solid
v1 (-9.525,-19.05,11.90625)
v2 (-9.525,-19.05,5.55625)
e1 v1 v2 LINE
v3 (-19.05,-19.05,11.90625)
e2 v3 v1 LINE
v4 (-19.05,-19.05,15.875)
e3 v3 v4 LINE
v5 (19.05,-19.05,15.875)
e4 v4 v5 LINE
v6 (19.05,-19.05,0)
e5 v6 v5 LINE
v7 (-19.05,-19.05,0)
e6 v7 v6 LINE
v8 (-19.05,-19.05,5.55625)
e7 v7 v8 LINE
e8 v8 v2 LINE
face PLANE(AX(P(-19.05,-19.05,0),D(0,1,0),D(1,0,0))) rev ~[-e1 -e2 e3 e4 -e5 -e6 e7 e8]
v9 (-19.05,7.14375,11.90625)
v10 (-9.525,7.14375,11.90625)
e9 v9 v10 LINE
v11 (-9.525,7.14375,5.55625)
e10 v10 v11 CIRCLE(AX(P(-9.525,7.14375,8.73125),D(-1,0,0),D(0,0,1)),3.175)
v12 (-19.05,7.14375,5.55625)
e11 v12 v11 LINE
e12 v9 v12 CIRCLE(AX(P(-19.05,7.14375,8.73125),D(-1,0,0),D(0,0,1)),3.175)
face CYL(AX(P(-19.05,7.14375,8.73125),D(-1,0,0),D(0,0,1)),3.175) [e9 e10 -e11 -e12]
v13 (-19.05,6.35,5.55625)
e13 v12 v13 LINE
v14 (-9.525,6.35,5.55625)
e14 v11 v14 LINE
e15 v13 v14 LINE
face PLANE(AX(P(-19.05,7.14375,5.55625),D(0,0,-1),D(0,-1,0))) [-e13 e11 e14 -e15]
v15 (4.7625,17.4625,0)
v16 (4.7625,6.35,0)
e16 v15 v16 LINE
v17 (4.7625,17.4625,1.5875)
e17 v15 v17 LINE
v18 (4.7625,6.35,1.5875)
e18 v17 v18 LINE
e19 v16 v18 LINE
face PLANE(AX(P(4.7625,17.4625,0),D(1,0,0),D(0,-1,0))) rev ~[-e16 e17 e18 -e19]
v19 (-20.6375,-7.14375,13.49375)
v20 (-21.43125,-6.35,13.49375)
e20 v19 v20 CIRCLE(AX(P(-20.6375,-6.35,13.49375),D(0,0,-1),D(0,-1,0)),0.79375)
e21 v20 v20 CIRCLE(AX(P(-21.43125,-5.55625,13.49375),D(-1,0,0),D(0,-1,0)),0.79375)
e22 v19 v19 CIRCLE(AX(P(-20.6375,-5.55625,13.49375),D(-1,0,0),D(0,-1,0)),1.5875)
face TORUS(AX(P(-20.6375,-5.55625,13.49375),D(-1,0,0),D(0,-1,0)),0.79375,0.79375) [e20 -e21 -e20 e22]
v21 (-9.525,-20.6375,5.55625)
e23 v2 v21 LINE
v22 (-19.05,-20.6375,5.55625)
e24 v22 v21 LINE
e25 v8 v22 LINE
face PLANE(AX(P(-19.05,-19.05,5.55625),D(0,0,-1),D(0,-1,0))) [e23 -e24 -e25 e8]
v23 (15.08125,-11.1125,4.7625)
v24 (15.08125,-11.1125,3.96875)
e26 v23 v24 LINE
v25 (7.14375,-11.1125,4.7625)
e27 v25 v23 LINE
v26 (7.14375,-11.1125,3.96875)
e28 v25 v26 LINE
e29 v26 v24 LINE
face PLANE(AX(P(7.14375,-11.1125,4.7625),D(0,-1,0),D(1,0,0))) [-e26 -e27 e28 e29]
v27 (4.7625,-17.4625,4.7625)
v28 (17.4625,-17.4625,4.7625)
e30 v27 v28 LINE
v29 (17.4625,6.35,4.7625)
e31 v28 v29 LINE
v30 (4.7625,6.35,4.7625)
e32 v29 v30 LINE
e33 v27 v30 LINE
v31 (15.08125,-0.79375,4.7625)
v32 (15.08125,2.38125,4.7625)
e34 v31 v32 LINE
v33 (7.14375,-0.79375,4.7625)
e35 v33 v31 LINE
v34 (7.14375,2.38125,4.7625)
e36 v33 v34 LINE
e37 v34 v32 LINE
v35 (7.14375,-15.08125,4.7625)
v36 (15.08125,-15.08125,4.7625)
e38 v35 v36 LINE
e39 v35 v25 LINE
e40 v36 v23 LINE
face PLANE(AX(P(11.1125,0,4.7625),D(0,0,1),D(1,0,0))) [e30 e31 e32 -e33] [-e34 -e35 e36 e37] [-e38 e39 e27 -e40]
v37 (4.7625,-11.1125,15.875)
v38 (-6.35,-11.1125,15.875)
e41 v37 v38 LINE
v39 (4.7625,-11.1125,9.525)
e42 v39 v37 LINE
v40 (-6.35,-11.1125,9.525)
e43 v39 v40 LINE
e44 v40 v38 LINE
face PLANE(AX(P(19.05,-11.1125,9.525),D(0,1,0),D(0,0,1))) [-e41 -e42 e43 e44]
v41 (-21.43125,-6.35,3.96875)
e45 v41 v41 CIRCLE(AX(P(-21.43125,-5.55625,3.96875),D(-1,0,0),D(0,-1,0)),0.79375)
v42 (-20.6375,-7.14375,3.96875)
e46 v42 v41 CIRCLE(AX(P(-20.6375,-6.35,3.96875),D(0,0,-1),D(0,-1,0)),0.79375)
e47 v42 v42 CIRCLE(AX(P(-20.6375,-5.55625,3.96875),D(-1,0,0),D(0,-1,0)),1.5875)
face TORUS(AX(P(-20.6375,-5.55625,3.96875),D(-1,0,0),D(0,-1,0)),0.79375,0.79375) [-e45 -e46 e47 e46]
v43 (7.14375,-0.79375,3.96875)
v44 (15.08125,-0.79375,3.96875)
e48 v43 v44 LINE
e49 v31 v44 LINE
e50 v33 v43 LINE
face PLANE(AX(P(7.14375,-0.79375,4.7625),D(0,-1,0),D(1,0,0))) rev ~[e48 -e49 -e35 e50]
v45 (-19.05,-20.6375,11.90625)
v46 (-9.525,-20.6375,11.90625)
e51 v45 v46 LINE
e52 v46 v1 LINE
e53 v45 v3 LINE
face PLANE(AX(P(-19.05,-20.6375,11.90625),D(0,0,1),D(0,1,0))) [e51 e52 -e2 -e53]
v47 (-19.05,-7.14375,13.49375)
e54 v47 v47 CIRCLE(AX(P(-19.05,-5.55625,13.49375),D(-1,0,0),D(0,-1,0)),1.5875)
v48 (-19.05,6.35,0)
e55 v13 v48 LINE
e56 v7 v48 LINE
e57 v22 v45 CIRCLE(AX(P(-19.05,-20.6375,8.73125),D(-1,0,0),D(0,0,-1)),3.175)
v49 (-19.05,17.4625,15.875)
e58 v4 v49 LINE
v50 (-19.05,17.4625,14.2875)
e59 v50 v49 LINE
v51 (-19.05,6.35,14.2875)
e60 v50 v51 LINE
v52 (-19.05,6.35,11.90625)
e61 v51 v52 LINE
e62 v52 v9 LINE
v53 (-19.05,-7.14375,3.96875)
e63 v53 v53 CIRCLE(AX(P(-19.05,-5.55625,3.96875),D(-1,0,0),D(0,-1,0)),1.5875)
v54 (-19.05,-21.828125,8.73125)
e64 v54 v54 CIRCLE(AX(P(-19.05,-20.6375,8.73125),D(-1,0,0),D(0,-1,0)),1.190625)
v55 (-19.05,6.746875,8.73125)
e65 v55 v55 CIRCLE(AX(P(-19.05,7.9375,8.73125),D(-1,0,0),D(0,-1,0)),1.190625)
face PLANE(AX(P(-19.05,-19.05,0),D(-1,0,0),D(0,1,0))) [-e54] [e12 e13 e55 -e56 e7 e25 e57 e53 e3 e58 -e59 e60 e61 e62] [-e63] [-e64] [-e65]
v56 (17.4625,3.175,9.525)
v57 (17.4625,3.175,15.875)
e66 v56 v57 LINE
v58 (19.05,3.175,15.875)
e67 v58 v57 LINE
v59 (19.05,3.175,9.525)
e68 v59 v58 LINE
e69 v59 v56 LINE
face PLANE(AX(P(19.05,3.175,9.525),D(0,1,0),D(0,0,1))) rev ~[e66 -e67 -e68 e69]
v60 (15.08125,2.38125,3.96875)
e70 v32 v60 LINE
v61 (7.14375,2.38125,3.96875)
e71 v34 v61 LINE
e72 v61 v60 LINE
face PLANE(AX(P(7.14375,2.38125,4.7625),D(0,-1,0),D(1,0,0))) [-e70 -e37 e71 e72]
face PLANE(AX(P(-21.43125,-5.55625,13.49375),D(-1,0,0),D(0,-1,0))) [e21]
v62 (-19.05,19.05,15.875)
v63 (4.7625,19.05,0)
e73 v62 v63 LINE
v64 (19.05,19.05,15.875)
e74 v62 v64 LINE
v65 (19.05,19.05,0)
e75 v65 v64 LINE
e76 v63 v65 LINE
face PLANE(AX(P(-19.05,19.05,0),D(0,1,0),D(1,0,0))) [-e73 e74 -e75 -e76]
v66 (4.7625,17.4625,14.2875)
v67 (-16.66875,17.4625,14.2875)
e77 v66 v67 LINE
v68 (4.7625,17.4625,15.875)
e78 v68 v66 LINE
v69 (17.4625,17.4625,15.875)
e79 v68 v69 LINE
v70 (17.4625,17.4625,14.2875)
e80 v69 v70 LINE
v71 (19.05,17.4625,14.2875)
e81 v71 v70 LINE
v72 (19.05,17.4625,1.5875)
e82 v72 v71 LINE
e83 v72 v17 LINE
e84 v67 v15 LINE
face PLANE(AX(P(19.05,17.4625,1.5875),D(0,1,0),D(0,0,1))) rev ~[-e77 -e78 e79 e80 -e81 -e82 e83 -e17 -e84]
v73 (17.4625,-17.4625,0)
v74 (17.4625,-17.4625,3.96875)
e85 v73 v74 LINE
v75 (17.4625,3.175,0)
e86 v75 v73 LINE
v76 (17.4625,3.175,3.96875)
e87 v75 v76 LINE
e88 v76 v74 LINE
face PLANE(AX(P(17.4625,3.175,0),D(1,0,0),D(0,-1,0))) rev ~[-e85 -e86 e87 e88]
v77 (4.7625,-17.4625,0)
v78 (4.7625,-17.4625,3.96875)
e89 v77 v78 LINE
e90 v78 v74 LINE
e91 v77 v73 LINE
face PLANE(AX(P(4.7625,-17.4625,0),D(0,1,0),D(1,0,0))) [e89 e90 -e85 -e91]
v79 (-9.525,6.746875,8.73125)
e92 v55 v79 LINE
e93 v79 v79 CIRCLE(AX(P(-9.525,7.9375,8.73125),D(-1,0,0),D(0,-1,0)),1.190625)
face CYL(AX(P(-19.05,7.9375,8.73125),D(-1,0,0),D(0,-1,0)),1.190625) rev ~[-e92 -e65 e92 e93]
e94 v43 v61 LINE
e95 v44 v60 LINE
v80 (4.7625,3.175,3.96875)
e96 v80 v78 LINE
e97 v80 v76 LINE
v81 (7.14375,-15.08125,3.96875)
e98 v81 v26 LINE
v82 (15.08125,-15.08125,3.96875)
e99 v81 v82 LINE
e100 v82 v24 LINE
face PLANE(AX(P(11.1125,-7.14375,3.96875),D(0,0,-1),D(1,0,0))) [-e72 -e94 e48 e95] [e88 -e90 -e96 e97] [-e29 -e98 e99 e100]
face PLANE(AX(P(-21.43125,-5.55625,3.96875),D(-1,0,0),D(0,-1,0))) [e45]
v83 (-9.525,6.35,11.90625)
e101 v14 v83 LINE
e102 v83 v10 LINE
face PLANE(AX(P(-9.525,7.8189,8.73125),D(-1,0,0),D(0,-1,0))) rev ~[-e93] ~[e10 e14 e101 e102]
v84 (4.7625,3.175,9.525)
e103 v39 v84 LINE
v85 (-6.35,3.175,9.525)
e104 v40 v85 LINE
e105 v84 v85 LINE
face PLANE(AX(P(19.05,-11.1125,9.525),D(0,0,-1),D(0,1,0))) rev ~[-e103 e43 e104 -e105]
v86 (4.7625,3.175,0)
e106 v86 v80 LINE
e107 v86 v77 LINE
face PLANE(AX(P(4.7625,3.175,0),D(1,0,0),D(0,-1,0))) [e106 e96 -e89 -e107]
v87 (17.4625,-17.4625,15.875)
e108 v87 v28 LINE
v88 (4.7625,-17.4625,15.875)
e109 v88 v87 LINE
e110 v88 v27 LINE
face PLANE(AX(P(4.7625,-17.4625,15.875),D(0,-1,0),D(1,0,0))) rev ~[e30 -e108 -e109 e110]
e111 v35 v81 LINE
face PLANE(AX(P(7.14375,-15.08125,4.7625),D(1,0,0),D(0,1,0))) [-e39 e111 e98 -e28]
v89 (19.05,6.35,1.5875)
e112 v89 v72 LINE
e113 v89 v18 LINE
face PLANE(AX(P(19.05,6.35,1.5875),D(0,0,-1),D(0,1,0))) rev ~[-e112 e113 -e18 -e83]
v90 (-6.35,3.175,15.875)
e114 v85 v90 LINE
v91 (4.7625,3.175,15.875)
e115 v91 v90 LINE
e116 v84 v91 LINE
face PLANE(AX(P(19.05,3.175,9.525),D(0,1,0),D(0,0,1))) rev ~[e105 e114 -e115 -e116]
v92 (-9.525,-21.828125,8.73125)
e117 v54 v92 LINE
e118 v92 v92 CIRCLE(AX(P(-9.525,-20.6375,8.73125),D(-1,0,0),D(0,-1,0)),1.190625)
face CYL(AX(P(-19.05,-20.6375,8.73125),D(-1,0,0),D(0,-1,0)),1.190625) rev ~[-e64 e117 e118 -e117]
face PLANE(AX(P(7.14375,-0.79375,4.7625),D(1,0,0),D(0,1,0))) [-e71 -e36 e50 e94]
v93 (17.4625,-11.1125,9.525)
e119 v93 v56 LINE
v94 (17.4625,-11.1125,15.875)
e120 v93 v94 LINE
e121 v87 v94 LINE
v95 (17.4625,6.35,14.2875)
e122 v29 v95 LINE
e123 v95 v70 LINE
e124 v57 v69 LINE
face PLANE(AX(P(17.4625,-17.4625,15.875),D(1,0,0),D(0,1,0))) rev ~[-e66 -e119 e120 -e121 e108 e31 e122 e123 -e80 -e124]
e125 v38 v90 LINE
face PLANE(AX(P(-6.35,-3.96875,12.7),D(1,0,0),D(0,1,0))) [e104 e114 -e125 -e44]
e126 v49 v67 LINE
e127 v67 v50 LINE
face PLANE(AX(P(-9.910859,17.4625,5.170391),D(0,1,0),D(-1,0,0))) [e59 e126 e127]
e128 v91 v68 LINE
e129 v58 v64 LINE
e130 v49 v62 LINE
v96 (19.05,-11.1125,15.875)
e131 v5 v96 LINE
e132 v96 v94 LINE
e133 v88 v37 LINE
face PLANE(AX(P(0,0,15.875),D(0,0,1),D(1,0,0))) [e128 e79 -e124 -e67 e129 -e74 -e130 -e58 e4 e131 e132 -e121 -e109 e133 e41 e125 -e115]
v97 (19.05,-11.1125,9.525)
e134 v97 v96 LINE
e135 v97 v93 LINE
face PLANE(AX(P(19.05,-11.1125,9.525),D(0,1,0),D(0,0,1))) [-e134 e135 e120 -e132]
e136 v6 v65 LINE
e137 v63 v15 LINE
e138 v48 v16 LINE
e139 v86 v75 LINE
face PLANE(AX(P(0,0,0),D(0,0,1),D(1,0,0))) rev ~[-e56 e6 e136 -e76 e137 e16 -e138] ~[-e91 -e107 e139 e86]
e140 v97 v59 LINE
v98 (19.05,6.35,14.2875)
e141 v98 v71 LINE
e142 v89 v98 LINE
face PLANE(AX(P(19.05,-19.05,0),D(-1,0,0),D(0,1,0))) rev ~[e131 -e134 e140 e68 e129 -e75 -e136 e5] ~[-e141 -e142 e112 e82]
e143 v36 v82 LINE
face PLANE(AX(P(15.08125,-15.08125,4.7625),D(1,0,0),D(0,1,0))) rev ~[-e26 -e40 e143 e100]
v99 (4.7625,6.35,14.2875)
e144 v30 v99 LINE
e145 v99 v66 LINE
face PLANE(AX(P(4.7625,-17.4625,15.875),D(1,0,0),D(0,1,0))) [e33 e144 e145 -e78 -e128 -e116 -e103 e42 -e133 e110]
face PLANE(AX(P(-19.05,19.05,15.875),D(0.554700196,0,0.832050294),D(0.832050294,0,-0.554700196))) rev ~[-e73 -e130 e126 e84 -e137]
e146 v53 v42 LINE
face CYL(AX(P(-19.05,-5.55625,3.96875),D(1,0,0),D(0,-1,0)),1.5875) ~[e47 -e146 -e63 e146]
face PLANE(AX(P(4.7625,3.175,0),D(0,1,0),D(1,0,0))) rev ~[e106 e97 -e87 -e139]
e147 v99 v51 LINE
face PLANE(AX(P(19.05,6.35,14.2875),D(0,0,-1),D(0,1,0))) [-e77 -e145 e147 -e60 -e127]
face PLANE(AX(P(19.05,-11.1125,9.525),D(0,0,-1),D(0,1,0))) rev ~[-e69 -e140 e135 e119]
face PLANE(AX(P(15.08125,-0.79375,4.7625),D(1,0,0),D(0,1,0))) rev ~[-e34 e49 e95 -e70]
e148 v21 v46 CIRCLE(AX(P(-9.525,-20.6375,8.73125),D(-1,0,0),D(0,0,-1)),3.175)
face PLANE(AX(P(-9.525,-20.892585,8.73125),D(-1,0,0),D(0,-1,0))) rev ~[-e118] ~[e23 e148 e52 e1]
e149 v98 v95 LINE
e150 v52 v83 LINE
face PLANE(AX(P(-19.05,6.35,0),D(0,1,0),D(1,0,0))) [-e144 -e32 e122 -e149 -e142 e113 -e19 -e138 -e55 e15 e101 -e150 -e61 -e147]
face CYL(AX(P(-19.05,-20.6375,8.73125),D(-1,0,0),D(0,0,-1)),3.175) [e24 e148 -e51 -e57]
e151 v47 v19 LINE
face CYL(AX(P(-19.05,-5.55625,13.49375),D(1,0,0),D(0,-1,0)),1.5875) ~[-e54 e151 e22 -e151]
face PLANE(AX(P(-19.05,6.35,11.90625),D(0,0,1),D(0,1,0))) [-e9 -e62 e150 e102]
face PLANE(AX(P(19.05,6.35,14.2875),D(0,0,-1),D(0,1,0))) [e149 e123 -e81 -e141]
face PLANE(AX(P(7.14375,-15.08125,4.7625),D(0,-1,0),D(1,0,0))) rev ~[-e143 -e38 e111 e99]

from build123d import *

# Parameters (mm, degrees)
F0_W      = 38.1
F0_H      = 38.1
F1_DEPTH  = 15.875
F2_W      = 12.7
F2_H      = 34.925
F3_DEPTH  = 11.1125
F4_W      = 11.1125
F4_H      = 12.7
F5_DEPTH  = 38.101
F6_W      = 23.8125
F6_H      = 11.1125
F7_DEPTH  = 1.5875
F8_W      = 7.9375
F8_H      = 3.175
F8_H_2    = 3.96875
F9_DEPTH  = 4.7625
F11_DEPTH = 1.5875
F12_R     = 1.190625
F13_DEPTH = 9.525
F14_R     = 1.190625
F15_DEPTH = 9.525
F16_W     = 12.7
F16_H     = 20.6375
F17_DEPTH = 3.96875
F18_W     = 14.2875
F18_H     = 6.35
F19_DEPTH = 25.4
F20_R     = 1.5875
F21_DEPTH = 2.38125
F22_R     = 0.79375


with BuildPart() as f1:
    # F0 (on Top) → F1 (new body)
    with BuildSketch(Plane.XY):
        Rectangle(F0_W, F0_H)
    extrude(amount=F1_DEPTH)

    # F2 (on face) → F3 (cut)
    with BuildSketch(Plane.XY.offset(15.875)):
        with Locations((11.1125, 0)):
            Rectangle(F2_W, F2_H)
    extrude(amount=-F3_DEPTH, mode=Mode.SUBTRACT)

    # F4 (on face) → F5 (cut, through all)
    with BuildSketch(Plane.YZ.offset(19.05)):
        with Locations((11.90625, 7.9375)):
            Rectangle(F4_W, F4_H)
    extrude(amount=-F5_DEPTH, mode=Mode.SUBTRACT)

    # F6 (on face) → F7 (cut, through all)
    with BuildSketch(Plane(origin=(0, 0, 0), x_dir=(1, 0, 0), z_dir=(0, 0, -1))):
        with Locations((-7.14375, -11.90625)):
            Rectangle(F6_W, F6_H)
    extrude(amount=-F7_DEPTH, mode=Mode.SUBTRACT)

    # F8 (on face) → F9 (cut, through all)
    with BuildSketch(Plane.XY.offset(4.7625)):
        with Locations((11.1125, 0.79375)):
            Rectangle(F8_W, F8_H)
        with Locations((11.1125, -13.096875)):
            Rectangle(F8_W, F8_H_2)
    extrude(amount=-F9_DEPTH, mode=Mode.SUBTRACT)

    # F10 (on face) → F11 (cut)
    with BuildSketch(Plane(origin=(0, 19.05, 0), x_dir=(-1, 0, 0), z_dir=(0, 1, 0))):
        Polygon((19.05, 0), (19.05, 15.875), (-4.7625, 0), align=None)
    extrude(amount=-F11_DEPTH, mode=Mode.SUBTRACT)

    # F12 (on face) → F13 (join)
    with BuildSketch(Plane(origin=(-19.05, 0, 0), x_dir=(0, -1, 0), z_dir=(-1, 0, 0))):
        with BuildLine():
            Line((-6.35, 5.55625), (-6.35, 11.90625))
            Line((-6.35, 11.90625), (-7.14375, 11.90625))
            ThreePointArc((-7.14375, 11.90625), (-10.31875, 8.73125), (-7.14375, 5.55625))
            Line((-7.14375, 5.55625), (-6.35, 5.55625))
        make_face()
        with Locations((-7.9375, 8.73125)):
            Circle(F12_R, mode=Mode.SUBTRACT)
    extrude(amount=-F13_DEPTH)

    # F14 (on face) → F15 (join)
    with BuildSketch(Plane(origin=(-19.05, 0, 0), x_dir=(0, -1, 0), z_dir=(-1, 0, 0))):
        with BuildLine():
            Line((20.6375, 11.90625), (19.05, 11.90625))
            Line((19.05, 11.90625), (19.05, 5.55625))
            Line((19.05, 5.55625), (20.6375, 5.55625))
            ThreePointArc((20.6375, 5.55625), (23.8125, 8.73125), (20.6375, 11.90625))
        make_face()
        with Locations((20.6375, 8.73125)):
            Circle(F14_R, mode=Mode.SUBTRACT)
    extrude(amount=-F15_DEPTH)

    # F16 (on face) → F17 (cut)
    with BuildSketch(Plane(origin=(0, 0, 0), x_dir=(1, 0, 0), z_dir=(0, 0, -1))):
        with Locations((11.1125, 7.14375)):
            Rectangle(F16_W, F16_H)
    extrude(amount=-F17_DEPTH, mode=Mode.SUBTRACT)

    # F18 (on face) → F19 (cut)
    with BuildSketch(Plane.YZ.offset(19.05)):
        with Locations((-3.96875, 12.7)):
            Rectangle(F18_W, F18_H)
    extrude(amount=-F19_DEPTH, mode=Mode.SUBTRACT)

    # F20 (on face) → F21 (join)
    with BuildSketch(Plane(origin=(-19.05, 0, 0), x_dir=(0, -1, 0), z_dir=(-1, 0, 0))):
        with Locations((5.55625, 13.49375)):
            Circle(F20_R)
        with Locations((5.55625, 3.96875)):
            Circle(F20_R)
    extrude(amount=F21_DEPTH)

    # F22
    f22_edges = [f1.edges().sort_by_distance(p)[0] for p in [
        (-21.43125, -3.96875, 13.49375),
        (-21.43125, -3.96875, 3.96875),
    ]]
    fillet(f22_edges, radius=F22_R)


solid = f1.part
